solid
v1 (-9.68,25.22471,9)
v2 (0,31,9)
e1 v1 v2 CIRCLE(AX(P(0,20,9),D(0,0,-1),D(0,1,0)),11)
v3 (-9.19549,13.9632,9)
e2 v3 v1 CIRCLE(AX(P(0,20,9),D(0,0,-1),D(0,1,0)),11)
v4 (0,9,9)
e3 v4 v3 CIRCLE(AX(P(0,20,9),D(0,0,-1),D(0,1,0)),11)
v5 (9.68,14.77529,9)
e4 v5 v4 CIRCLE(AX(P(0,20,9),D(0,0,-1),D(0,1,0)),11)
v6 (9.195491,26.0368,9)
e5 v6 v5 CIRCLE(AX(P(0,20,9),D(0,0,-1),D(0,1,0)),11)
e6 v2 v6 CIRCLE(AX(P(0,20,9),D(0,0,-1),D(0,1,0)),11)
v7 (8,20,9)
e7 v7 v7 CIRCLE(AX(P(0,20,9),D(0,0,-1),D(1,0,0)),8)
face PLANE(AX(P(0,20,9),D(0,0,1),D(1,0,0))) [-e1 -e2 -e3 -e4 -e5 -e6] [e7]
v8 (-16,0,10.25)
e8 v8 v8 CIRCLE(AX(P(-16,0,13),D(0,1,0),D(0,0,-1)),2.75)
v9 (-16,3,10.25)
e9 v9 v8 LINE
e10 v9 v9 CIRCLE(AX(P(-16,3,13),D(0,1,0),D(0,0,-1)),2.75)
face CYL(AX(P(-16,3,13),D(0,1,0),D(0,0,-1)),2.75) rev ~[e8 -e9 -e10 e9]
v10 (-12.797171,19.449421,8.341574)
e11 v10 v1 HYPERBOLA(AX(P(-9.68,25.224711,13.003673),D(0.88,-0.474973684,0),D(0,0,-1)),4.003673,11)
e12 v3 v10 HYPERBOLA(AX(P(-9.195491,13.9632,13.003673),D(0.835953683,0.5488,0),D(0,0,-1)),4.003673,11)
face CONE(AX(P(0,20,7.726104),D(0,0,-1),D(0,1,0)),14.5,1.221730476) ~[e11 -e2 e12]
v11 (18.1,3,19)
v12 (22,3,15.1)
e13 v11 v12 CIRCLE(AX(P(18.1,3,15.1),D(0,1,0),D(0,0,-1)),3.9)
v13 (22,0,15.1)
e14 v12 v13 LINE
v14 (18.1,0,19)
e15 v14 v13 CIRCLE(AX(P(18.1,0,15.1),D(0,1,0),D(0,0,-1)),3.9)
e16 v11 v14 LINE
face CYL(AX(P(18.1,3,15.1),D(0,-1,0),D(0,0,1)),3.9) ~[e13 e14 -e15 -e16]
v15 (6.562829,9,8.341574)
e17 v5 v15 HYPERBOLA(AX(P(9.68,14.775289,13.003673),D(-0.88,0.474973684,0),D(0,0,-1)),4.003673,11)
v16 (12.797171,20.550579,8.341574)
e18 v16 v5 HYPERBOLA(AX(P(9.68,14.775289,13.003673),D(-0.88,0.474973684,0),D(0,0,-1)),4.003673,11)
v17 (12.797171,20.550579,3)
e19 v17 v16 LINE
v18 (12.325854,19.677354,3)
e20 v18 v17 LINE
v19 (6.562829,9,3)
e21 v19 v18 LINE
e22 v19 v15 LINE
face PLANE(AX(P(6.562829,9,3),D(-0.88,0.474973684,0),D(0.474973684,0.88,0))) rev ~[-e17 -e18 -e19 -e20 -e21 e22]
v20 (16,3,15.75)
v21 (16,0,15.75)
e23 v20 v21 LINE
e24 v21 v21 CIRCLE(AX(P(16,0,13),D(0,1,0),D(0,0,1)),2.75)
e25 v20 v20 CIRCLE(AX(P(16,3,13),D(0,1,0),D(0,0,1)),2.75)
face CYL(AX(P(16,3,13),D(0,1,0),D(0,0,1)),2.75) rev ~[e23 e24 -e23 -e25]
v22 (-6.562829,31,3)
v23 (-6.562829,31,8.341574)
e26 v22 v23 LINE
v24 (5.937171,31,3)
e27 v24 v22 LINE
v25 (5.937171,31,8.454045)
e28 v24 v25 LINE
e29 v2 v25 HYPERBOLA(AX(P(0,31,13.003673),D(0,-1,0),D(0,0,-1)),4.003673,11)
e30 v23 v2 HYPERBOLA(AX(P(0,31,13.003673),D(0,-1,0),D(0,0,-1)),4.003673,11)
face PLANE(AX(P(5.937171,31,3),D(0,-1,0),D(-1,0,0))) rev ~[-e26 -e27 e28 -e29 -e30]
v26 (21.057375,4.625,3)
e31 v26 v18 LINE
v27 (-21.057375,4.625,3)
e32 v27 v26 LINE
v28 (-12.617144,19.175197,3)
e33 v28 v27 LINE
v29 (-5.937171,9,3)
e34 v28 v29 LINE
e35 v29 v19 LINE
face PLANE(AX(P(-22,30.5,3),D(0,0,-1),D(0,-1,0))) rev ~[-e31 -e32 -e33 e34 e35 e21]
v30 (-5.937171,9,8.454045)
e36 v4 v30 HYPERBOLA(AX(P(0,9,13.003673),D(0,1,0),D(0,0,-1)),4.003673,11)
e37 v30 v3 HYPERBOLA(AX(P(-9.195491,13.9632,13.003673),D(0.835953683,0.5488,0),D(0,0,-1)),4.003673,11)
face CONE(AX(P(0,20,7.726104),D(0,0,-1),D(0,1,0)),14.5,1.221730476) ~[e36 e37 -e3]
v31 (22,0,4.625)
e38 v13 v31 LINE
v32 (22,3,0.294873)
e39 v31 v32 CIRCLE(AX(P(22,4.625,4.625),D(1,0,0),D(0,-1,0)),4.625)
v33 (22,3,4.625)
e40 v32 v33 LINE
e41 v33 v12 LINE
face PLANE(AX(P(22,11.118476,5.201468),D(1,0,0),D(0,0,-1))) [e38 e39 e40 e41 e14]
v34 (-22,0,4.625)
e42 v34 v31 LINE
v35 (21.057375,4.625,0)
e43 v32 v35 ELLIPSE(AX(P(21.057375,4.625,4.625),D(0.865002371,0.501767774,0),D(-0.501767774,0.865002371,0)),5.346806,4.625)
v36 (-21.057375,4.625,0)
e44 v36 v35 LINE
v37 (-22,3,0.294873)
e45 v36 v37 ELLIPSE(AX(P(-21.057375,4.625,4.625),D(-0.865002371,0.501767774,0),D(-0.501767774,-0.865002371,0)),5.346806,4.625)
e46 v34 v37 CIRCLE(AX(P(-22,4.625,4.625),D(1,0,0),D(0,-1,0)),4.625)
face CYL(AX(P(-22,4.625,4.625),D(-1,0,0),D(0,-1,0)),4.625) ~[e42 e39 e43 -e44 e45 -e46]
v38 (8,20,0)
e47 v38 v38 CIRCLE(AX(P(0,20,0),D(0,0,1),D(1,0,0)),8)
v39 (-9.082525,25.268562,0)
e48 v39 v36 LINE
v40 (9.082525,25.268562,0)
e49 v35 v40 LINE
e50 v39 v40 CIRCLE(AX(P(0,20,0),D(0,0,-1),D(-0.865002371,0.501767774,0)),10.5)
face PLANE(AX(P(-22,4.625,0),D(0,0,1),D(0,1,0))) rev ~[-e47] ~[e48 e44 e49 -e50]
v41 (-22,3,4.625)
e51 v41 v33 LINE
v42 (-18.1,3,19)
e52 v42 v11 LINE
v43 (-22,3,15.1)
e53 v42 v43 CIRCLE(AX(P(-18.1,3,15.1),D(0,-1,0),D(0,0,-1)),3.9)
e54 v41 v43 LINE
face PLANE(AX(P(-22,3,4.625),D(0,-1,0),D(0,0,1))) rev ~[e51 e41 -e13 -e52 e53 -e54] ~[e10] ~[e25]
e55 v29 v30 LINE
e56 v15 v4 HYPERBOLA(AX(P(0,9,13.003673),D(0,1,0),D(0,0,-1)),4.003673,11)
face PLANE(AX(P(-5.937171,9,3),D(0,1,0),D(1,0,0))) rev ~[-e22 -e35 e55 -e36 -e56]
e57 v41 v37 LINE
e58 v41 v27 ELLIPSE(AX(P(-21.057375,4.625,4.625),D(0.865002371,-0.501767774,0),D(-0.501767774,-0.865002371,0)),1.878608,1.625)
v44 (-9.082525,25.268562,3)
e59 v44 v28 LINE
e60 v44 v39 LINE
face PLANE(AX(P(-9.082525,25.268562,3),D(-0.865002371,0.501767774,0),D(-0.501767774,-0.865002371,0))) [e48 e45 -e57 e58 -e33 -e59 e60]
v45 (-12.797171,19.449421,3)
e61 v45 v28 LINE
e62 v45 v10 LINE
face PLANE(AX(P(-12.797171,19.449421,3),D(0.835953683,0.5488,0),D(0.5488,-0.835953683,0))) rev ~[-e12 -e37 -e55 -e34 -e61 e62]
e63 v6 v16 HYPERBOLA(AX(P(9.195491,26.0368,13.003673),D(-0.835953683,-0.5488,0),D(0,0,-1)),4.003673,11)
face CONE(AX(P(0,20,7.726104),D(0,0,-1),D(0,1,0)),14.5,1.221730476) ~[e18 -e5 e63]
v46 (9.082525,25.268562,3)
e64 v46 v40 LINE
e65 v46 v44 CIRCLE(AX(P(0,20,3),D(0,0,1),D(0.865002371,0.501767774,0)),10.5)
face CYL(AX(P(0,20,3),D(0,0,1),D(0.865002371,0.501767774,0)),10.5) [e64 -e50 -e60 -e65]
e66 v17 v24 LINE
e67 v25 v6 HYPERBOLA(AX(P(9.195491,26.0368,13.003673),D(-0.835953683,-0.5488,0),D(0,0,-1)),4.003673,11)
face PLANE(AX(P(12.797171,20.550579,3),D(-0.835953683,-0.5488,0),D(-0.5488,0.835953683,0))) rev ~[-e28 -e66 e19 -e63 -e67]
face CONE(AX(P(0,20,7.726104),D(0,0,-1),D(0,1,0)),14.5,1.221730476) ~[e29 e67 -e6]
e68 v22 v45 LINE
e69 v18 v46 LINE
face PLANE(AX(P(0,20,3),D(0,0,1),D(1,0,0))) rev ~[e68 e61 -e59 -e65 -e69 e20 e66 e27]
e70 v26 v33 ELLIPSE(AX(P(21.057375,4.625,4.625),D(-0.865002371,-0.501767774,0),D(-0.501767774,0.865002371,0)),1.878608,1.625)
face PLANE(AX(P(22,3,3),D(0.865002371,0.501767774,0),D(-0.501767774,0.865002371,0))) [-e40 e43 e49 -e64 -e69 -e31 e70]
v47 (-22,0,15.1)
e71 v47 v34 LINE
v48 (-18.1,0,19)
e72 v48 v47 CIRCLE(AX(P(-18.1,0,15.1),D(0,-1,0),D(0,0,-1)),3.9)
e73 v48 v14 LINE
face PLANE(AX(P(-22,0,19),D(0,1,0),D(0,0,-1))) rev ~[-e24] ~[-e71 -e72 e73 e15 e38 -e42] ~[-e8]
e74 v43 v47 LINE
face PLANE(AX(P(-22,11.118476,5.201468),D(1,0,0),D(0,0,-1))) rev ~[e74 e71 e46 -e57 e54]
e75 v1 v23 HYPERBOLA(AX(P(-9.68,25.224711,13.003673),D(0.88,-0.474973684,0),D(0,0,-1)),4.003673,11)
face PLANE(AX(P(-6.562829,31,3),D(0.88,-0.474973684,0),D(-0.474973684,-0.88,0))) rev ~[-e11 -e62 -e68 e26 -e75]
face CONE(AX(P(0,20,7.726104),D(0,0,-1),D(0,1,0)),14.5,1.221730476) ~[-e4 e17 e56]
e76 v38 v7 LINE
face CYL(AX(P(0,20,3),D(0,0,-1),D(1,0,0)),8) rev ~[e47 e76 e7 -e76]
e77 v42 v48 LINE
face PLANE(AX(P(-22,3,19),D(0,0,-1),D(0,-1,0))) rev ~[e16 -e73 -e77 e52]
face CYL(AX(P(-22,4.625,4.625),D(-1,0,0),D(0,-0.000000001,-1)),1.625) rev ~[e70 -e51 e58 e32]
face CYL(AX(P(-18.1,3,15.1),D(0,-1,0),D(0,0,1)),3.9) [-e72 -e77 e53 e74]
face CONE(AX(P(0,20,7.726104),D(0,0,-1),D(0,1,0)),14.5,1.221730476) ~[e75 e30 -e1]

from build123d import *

# Parameters (mm, degrees)
EXTRUDE_START                   = -22
EXTRUDE_1_DEPTH                 = 44
CUT_EXTRUDE_1_DEPTH             = 10
CUT_EXTRUDE_1_DIRECTION_2_REACH = 42.869
SKETCH_6_R                      = 8
CUT_EXTRUDE_2_DEPTH             = 41.868692174
SKETCH_7_R                      = 2.75
CUT_EXTRUDE_3_DEPTH             = 41.015621949
FILLET_1_R                      = 3.9
EXTRUDE_2_DEPTH                 = 6
SKETCH_11_R                     = 8
CUT_EXTRUDE_4_DEPTH             = 42.243181255


with BuildPart() as part:
    # 草图4 → 凸台-拉伸1 (new body)
    with BuildSketch(Plane(origin=(0, 0, 0), x_dir=(0, 0, -1), z_dir=(1, 0, 0)).offset(EXTRUDE_START)):
        with BuildLine():
            Line((-19, 0), (-4.625, 0))
            ThreePointArc((-4.625, 0), (-1.354631137, 1.354631137), (0, 4.625))
            Line((0, 4.625), (0, 30.5))
            Line((0, 30.5), (-3, 30.5))
            Line((-3, 30.5), (-3, 4.625))
            ThreePointArc((-3, 4.625), (-3.475951481, 3.475951481), (-4.625, 3))
            Line((-4.625, 3), (-19, 3))
            Line((-19, 3), (-19, 0))
        make_face()
    extrude(amount=EXTRUDE_1_DEPTH)

    # 草图5 → 切除-拉伸1 (cut)
    with BuildSketch(Plane.XY.offset(3)):
        with BuildLine():
            Line((-9.082524892, 25.268561625), (-22, 3))
            Line((-22, 3), (-22, 31.5))
            Line((-22, 31.5), (22, 31.5))
            Line((22, 31.5), (22, 3))
            Line((22, 3), (9.082524892, 25.268561625))
            ThreePointArc((9.082524892, 25.268561625), (0, 30.5), (-9.082524892, 25.268561625))
        make_face()
    extrude(amount=-CUT_EXTRUDE_1_DEPTH, mode=Mode.SUBTRACT)

    # 切除-拉伸1 direction 2: up to this face of the body (flat: up to its plane)
    cut_extrude_1_direction_2_end = Plane(part.part.faces().sort_by_distance((0, 1.5, 19))[0])
    # 草图5 → 切除-拉伸1 direction 2 (cut, up to the picked face)
    with BuildSketch(Plane.XY.offset(3), mode=Mode.PRIVATE) as cut_extrude_1_direction_2_sk1:
        with BuildLine():
            Line((-9.082524892, 25.268561625), (-22, 3))
            Line((-22, 3), (-22, 31.5))
            Line((-22, 31.5), (22, 31.5))
            Line((22, 31.5), (22, 3))
            Line((22, 3), (9.082524892, 25.268561625))
            ThreePointArc((9.082524892, 25.268561625), (0, 30.5), (-9.082524892, 25.268561625))
        make_face()
    cut_extrude_1_direction_2_tool1 = split(extrude(cut_extrude_1_direction_2_sk1.sketch, amount=CUT_EXTRUDE_1_DIRECTION_2_REACH, mode=Mode.PRIVATE), bisect_by=cut_extrude_1_direction_2_end, keep=Keep.BOTH, mode=Mode.PRIVATE)
    add(cut_extrude_1_direction_2_tool1.solids().sort_by(Axis((-15.994729, 14.397326, 3), (0, 0, 1)))[0], mode=Mode.SUBTRACT)

    # 草图6 → 切除-拉伸2 (cut, through all)
    with BuildSketch(Plane.XY.offset(3)):
        with Locations((0, 20)):
            Circle(SKETCH_6_R)
    extrude(amount=-CUT_EXTRUDE_2_DEPTH, mode=Mode.SUBTRACT)

    # 草图7 → 切除-拉伸3 (cut, through all)
    with BuildSketch(Plane(origin=(0, 3, 0), x_dir=(1, 0, 0), z_dir=(0, 1, 0))):
        with Locations(Location((16, -13, 0), (0, 0, 270))):
            Circle(SKETCH_7_R)
        with Locations(Location((-16, -13, 0), (0, 0, 90))):
            Circle(SKETCH_7_R)
    extrude(amount=-CUT_EXTRUDE_3_DEPTH, mode=Mode.SUBTRACT)

    # 圆角1
    fillet_1_edges = [part.edges().sort_by_distance(p)[0] for p in [
        (-22, 1.5, 19),
        (22, 1.5, 19),
    ]]
    fillet(fillet_1_edges, radius=FILLET_1_R)

    # 草图9 → 凸台-拉伸2 (add)
    with BuildSketch(Plane.XY.offset(3)):
        Polygon((-5.937171044, 9), (6.562828956, 9), (12.797171044, 20.550578963), (5.937171044, 31), (-6.562828956, 31), (-12.797171044, 19.449421037), align=None)
    extrude(amount=EXTRUDE_2_DEPTH)

    # 草图10 → 切除-旋转1 (revolve, cut)
    with BuildSketch(Plane(origin=(0, 0, 0), x_dir=(0, 0, 1), z_dir=(1, 0, 0))):
        Polygon((9, -31), (9, -34.5), (7.72610418, -34.5), align=None)
    revolve(axis=Axis((0, 20, 71.423754158), (0, 0, -1)), mode=Mode.SUBTRACT)

    # 草图11 → 切除-拉伸4 (cut, through all)
    with BuildSketch(Plane(origin=(0, 0, 3), x_dir=(-1, 0, 0), z_dir=(0, 0, -1))):
        with Locations(Location((0, 20, 0), (0, 0, 180))):
            Circle(SKETCH_11_R)
    extrude(amount=-CUT_EXTRUDE_4_DEPTH, mode=Mode.SUBTRACT)


solid = part.part
